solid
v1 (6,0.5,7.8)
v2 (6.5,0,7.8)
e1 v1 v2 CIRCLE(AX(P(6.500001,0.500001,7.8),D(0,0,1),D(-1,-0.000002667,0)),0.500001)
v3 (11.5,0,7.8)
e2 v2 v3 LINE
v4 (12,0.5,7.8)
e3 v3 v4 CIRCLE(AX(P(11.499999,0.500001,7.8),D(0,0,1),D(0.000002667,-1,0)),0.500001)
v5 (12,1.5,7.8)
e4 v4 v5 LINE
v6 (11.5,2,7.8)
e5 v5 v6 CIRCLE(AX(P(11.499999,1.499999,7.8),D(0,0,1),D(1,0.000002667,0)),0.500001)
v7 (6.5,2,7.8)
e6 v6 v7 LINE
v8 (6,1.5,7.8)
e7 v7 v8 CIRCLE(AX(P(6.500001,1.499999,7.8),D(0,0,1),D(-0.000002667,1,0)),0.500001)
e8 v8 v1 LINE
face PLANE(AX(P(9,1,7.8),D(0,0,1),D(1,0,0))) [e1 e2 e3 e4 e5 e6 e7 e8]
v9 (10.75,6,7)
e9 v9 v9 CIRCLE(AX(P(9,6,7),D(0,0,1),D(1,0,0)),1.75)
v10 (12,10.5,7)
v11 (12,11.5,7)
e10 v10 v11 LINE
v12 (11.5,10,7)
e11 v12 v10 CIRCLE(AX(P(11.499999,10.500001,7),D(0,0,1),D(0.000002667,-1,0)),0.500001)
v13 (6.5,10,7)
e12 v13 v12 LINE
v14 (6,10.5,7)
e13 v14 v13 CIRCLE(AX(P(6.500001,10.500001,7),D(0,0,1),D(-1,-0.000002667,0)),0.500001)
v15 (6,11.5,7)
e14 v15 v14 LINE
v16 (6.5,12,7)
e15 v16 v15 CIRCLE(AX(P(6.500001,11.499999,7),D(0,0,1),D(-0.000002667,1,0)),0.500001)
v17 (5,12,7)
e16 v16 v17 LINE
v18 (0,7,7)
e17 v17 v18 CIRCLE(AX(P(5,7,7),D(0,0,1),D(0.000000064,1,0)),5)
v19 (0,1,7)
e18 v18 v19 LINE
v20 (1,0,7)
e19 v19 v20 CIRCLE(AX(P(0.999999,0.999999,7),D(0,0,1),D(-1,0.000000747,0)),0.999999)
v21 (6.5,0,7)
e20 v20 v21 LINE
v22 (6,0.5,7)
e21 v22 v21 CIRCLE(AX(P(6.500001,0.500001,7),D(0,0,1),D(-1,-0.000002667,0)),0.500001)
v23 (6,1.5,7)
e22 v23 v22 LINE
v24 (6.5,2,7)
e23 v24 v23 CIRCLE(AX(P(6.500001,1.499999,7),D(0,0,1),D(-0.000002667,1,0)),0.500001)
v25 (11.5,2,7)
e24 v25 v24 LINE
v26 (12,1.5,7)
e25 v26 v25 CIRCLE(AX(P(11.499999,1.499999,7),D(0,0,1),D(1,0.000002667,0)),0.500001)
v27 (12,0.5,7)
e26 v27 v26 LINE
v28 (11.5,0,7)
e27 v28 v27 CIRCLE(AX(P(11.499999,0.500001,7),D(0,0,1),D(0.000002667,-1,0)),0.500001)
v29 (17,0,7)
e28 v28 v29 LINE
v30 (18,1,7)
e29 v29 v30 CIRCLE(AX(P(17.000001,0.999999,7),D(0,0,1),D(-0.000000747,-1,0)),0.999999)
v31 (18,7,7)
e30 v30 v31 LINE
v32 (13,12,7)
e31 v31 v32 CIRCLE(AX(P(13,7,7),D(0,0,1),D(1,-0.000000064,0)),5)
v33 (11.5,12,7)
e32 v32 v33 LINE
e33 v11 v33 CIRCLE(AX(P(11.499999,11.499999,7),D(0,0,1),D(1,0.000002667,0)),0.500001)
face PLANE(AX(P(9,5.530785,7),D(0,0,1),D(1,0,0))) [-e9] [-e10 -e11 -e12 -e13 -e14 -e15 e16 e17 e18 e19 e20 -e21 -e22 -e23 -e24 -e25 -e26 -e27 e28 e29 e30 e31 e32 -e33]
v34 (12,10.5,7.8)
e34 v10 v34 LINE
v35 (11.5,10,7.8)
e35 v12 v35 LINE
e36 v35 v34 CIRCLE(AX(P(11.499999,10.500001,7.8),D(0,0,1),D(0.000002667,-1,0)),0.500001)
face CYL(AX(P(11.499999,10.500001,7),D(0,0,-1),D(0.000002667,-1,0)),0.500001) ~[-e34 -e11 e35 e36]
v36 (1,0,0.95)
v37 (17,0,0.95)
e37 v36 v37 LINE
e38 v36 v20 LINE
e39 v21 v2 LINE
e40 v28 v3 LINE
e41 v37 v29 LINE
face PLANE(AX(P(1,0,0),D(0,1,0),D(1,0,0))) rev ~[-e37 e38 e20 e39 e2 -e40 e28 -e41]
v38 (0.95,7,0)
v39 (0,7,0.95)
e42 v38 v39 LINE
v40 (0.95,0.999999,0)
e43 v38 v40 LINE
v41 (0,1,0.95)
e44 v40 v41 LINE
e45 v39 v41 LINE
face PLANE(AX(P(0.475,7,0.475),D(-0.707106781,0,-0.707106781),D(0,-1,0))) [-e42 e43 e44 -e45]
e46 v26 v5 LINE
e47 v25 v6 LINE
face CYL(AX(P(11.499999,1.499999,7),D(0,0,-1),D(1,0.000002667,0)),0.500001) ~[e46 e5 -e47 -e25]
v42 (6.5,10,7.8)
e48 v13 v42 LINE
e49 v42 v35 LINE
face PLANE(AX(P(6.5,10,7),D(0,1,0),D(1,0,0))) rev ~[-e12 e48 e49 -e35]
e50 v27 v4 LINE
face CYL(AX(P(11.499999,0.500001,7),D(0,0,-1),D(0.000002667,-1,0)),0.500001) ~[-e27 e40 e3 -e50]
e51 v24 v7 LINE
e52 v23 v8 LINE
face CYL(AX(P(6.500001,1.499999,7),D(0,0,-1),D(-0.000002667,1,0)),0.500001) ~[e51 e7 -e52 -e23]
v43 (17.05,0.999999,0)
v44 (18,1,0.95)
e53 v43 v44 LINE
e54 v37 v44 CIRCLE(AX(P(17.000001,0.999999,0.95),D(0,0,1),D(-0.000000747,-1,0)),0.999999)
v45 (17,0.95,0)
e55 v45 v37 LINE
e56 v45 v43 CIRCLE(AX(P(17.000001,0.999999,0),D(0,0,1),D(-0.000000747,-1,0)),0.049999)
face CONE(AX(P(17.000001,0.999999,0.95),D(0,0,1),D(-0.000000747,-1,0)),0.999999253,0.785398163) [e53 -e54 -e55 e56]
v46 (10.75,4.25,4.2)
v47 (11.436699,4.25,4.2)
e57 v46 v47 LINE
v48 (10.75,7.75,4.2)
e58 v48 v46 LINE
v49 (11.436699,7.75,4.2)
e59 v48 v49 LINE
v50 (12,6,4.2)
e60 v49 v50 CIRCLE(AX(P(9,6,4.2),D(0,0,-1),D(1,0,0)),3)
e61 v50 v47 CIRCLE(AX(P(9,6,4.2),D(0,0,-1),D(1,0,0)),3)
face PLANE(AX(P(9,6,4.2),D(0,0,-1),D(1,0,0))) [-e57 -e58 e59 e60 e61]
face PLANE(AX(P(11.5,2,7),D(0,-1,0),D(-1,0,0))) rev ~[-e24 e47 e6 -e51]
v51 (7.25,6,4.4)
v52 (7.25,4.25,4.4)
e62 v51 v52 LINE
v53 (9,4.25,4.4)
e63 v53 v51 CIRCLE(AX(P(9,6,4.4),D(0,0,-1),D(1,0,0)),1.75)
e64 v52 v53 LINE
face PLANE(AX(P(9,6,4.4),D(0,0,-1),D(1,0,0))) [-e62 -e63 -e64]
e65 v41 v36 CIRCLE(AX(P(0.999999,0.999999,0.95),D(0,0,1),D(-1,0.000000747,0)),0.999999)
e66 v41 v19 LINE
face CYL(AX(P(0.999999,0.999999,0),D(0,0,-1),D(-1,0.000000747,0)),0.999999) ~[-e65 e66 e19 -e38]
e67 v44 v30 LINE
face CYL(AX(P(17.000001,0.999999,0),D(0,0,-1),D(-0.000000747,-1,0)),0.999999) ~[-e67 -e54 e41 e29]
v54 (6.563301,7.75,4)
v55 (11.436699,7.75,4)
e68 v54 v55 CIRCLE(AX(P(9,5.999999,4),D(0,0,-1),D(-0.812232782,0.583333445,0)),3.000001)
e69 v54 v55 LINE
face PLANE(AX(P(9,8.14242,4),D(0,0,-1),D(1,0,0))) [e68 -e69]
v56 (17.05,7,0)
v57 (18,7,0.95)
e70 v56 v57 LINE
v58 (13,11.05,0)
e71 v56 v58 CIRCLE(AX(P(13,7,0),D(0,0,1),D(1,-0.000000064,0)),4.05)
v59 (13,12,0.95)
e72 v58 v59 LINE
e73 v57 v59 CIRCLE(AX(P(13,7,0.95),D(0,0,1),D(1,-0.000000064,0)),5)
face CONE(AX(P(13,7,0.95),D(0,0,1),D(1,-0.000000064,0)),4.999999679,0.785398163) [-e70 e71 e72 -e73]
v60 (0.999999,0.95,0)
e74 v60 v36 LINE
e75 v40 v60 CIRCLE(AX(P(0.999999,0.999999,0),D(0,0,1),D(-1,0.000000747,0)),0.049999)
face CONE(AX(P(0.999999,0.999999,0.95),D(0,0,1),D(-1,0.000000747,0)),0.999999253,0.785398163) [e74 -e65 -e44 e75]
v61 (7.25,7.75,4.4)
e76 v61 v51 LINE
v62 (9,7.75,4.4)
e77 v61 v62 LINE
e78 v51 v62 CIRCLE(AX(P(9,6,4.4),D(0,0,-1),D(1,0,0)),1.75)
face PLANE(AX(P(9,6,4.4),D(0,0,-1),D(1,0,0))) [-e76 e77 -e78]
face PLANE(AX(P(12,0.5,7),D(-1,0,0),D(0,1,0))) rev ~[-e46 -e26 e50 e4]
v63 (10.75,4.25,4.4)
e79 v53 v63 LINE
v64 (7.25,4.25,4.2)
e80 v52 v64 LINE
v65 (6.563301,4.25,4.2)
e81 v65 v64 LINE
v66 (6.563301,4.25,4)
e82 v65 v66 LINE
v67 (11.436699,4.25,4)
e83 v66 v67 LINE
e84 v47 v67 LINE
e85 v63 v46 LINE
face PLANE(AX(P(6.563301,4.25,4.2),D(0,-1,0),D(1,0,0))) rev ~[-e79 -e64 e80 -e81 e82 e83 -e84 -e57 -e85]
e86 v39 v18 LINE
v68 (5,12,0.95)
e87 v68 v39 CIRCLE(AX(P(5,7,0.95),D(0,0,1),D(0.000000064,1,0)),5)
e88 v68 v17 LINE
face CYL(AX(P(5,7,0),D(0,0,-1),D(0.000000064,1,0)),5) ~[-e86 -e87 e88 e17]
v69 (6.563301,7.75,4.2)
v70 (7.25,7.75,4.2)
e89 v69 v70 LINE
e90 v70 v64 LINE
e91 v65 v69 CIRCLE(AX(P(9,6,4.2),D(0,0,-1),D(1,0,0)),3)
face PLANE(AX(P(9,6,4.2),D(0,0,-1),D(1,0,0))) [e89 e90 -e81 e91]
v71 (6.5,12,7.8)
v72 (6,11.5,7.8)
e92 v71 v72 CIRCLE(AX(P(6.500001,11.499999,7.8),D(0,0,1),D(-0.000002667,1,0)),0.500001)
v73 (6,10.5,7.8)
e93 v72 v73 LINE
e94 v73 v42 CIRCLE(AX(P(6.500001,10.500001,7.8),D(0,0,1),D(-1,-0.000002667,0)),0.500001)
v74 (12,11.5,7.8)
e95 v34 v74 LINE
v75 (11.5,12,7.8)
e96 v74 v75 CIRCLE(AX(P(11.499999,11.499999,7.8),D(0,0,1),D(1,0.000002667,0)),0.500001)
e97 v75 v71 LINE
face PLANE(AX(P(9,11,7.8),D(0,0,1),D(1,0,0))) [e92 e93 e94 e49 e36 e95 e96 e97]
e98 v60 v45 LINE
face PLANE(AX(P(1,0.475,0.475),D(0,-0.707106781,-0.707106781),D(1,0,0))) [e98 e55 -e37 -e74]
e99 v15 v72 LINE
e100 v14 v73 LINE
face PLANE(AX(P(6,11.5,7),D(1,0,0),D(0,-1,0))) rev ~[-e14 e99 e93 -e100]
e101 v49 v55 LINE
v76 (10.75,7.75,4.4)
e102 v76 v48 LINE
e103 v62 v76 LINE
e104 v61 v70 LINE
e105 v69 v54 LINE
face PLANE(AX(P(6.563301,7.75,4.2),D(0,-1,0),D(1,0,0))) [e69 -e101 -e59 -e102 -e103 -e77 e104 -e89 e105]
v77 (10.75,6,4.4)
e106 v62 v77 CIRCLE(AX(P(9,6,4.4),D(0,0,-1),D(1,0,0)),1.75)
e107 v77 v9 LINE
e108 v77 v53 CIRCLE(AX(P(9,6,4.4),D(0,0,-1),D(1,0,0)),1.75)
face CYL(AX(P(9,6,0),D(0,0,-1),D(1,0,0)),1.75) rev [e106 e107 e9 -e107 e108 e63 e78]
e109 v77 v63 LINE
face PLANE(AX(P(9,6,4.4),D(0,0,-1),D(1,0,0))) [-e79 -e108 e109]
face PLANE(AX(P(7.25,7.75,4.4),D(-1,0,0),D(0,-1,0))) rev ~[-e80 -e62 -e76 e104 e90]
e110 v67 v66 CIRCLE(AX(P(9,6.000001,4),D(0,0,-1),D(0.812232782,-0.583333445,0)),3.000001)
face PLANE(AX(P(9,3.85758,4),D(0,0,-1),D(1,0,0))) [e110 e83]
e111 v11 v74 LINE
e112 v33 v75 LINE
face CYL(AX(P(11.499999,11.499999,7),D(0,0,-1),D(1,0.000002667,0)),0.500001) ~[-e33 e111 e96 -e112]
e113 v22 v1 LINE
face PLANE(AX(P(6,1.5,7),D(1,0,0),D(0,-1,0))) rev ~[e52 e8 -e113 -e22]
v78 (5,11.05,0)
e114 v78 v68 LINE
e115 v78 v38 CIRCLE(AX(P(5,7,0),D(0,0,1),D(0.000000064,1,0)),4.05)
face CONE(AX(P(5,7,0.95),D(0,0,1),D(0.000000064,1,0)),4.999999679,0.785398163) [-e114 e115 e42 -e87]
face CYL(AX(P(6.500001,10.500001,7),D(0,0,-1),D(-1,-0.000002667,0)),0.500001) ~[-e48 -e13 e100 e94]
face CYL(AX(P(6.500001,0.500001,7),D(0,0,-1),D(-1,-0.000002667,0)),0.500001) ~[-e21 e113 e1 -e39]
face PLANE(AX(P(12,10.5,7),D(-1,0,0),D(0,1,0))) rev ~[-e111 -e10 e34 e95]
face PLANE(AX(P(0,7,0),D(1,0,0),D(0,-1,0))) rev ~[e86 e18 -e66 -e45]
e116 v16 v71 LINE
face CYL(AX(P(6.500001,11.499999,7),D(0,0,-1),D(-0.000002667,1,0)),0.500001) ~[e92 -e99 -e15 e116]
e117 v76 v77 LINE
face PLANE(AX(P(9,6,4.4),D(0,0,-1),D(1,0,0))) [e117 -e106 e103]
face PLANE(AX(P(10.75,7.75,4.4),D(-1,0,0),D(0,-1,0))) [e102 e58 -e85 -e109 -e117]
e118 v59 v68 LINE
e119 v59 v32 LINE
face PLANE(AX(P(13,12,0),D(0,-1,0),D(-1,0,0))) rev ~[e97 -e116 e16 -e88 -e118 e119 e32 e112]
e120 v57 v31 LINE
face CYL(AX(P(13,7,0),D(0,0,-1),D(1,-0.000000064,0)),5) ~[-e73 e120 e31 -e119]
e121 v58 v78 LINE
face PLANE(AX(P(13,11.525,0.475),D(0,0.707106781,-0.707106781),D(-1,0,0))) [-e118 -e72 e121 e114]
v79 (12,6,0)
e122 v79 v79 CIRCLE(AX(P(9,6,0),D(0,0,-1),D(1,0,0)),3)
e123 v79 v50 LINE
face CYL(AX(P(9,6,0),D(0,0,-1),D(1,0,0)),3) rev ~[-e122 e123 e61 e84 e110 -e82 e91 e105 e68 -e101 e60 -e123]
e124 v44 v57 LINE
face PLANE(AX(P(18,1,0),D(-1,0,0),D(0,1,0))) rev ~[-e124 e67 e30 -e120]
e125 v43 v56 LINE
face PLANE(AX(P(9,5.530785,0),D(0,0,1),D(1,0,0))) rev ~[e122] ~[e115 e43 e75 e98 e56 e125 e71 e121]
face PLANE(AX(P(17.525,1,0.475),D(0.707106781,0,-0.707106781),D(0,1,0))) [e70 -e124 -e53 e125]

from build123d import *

# Parameters (mm, degrees)
SKETCH_R     = 1.75
PAD_DEPTH    = 7
PAD001_DEPTH = 0.8
SKETCH002_R  = 3
POCKET_DEPTH = 4.4
SKETCH003_R  = 3
SKETCH003_W  = 3.5
SKETCH003_H  = 3.5
PAD002_DEPTH = 0.2
PAD003_DEPTH = 0.2
CHAMFER_SIZE = 0.95


with BuildPart() as part:
    # Sketch → Pad (new body)
    with BuildSketch(Plane.XY):
        with BuildLine():
            Line((18, 1), (18, 7))
            ThreePointArc((18, 7), (16.535534, 10.535534), (13, 12))
            Line((13, 12), (5, 12))
            ThreePointArc((5, 12), (1.464466, 10.535534), (0, 7))
            Line((0, 7), (0, 1))
            ThreePointArc((0, 1), (0.292893, 0.292893), (1, 0))
            Line((1, 0), (17, 0))
            ThreePointArc((17, 0), (17.707107, 0.292893), (18, 1))
        make_face()
        with Locations((9, 6)):
            Circle(SKETCH_R, mode=Mode.SUBTRACT)
    extrude(amount=PAD_DEPTH)

    # Sketch001 (on Face11 of Pad) → Pad001 (join)
    with BuildSketch(Plane.XY.offset(7)):
        with BuildLine():
            Line((6, 11.5), (6, 10.5))
            ThreePointArc((6, 10.5), (6.146447, 10.146447), (6.5, 10))
            Line((6.5, 10), (11.5, 10))
            ThreePointArc((11.5, 10), (11.853553, 10.146447), (12, 10.5))
            Line((12, 10.5), (12, 11.5))
            ThreePointArc((12, 11.5), (11.853553, 11.853553), (11.5, 12))
            Line((11.5, 12), (6.5, 12))
            ThreePointArc((6.5, 12), (6.146447, 11.853553), (6, 11.5))
        make_face()
        with BuildLine():
            Line((6, 1.5), (6, 0.5))
            ThreePointArc((6, 0.5), (6.146447, 0.146447), (6.5, 0))
            Line((6.5, 0), (11.5, 0))
            ThreePointArc((11.5, 0), (11.853553, 0.146447), (12, 0.5))
            Line((12, 0.5), (12, 1.5))
            ThreePointArc((12, 1.5), (11.853553, 1.853553), (11.5, 2))
            Line((11.5, 2), (6.5, 2))
            ThreePointArc((6.5, 2), (6.146447, 1.853553), (6, 1.5))
        make_face()
    extrude(amount=PAD001_DEPTH)

    # Sketch002 (on Face4 of Pad001) → Pocket (cut)
    with BuildSketch(Plane(origin=(0, 0, 0), x_dir=(1, 0, 0), z_dir=(0, 0, -1))):
        with Locations((9, -6)):
            Circle(SKETCH002_R)
    extrude(amount=-POCKET_DEPTH, mode=Mode.SUBTRACT)

    # Sketch003 (on Face29 of Pocket) → Pad002 (join)
    with BuildSketch(Plane(origin=(0, 0, 4.4), x_dir=(1, 0, 0), z_dir=(0, 0, -1))):
        with Locations((9, -6)):
            Circle(SKETCH003_R)
        with Locations((9, -6)):
            Rectangle(SKETCH003_W, SKETCH003_H, mode=Mode.SUBTRACT)
    extrude(amount=PAD002_DEPTH)

    # Sketch004 (on Face29 of Pad002) → Pad003 (join)
    with BuildSketch(Plane(origin=(0, 0, 4.2), x_dir=(1, 0, 0), z_dir=(0, 0, -1))):
        with BuildLine():
            ThreePointArc((11.436699, -4.25), (9, -3), (6.563301, -4.25))
            Line((6.563301, -4.25), (11.436699, -4.25))
        make_face()
        with BuildLine():
            ThreePointArc((6.563301, -7.75), (9, -9), (11.436699, -7.75))
            Line((6.563301, -7.75), (11.436699, -7.75))
        make_face()
    extrude(amount=PAD003_DEPTH)

    # Chamfer
    chamfer_edges = [part.edges().sort_by_distance(p)[0] for p in [
        (0.292893, 0.292893, 0),
    ]]
    chamfer(chamfer_edges, length=CHAMFER_SIZE)


solid = part.part
